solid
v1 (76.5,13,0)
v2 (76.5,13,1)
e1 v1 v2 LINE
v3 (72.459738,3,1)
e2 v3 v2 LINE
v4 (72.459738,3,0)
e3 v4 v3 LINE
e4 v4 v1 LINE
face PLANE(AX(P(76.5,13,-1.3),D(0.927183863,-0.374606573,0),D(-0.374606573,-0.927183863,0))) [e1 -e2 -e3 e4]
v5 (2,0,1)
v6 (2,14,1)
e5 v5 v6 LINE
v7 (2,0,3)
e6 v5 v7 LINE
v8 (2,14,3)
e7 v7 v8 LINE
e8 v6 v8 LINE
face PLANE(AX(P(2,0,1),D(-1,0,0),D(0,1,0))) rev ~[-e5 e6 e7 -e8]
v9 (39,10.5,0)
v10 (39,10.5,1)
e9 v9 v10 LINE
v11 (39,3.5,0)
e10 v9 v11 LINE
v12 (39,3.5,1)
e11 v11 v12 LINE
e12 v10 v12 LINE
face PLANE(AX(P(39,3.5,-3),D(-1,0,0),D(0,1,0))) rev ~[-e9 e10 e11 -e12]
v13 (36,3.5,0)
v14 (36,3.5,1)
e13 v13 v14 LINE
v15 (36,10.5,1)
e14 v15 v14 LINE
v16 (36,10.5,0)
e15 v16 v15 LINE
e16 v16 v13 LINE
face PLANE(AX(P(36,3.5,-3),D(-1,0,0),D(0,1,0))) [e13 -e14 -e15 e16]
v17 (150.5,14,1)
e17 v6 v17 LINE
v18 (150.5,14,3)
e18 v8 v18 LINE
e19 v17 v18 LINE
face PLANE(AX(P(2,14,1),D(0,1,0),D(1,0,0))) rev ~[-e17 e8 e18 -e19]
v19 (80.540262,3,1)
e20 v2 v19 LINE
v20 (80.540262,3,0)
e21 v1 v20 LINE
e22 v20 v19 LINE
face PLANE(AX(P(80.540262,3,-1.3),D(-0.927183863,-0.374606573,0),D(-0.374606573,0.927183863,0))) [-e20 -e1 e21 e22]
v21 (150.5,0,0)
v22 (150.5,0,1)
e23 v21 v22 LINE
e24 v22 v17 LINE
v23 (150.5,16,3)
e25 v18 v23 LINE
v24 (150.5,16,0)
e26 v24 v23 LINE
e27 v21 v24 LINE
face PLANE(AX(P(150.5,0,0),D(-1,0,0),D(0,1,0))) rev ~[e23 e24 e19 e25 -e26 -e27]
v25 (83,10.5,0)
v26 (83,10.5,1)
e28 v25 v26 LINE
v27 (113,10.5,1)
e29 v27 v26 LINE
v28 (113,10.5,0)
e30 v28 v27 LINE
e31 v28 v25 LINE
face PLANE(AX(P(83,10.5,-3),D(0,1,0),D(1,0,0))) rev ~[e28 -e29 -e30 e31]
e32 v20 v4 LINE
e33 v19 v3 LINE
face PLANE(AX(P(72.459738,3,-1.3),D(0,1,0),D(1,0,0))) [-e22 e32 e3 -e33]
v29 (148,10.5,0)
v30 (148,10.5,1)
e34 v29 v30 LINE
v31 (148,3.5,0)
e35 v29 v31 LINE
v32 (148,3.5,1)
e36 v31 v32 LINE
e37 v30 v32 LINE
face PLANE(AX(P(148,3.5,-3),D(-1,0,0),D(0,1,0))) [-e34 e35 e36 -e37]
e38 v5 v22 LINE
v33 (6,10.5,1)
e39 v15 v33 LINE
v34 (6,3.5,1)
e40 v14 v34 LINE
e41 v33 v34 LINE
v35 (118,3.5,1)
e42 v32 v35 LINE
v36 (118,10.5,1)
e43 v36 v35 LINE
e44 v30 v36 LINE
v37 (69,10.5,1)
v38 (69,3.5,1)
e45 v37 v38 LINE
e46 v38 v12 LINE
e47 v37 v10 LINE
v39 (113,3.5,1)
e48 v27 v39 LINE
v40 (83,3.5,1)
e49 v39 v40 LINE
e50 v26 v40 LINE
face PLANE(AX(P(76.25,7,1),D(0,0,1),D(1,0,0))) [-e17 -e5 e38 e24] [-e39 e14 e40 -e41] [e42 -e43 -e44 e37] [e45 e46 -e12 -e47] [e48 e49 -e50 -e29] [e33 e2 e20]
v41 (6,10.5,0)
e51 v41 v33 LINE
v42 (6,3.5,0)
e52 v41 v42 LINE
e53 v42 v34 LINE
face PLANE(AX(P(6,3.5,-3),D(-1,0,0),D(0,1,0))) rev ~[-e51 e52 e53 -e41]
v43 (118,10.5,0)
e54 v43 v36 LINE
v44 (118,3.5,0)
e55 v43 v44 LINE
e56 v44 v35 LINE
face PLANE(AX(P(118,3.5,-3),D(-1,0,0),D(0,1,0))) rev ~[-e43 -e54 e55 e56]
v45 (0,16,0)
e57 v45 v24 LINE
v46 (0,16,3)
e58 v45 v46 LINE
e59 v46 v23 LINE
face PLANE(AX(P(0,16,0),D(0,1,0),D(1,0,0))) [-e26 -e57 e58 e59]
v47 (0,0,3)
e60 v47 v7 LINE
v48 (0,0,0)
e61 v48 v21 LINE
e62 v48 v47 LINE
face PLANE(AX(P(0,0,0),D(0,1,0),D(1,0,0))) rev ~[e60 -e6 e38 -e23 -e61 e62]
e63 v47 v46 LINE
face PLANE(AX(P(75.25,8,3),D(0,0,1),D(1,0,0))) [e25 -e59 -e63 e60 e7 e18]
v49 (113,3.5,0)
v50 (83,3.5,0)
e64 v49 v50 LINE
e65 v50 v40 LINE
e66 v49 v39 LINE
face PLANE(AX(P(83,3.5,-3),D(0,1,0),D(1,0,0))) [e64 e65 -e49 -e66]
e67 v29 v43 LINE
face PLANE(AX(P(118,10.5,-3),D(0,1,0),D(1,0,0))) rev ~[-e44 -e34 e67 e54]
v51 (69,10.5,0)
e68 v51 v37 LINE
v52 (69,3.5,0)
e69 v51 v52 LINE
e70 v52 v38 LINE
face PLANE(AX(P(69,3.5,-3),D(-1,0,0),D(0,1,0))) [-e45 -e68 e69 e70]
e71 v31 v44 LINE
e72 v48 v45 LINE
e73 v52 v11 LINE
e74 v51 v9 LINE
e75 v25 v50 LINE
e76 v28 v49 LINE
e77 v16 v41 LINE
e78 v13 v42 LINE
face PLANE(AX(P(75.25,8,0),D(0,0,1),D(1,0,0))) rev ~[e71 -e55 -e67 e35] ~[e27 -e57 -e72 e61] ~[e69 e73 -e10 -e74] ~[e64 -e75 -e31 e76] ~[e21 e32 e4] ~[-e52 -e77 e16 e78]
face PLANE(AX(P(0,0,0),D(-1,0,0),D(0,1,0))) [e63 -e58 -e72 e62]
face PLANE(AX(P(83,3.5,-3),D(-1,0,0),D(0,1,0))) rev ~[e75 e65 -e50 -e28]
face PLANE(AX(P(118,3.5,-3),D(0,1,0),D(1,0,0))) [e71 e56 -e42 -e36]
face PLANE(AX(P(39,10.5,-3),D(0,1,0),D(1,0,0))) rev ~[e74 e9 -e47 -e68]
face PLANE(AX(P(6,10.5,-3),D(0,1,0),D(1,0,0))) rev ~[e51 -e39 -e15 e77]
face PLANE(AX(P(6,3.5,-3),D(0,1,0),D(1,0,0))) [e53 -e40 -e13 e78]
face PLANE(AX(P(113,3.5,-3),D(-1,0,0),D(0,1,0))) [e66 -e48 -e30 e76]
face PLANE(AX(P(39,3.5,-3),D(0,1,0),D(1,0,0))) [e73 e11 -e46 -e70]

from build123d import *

# Parameters (mm, degrees)
BOX020_W      = 30
BOX020_H      = 7
BOX020_DEPTH  = 10
BOX027_W      = 30
BOX027_H      = 7
BOX027_DEPTH  = 10
BOX028_W      = 30
BOX028_H      = 7
BOX028_DEPTH  = 10
BOX026_W      = 30
BOX026_H      = 7
BOX026_DEPTH  = 10
EXTRUDE_DEPTH = 4
BOX019_W      = 148.5
BOX019_H      = 14
BOX019_DEPTH  = 2
BOX014_W      = 150.5
BOX014_H      = 16
BOX014_DEPTH  = 3


with BuildPart() as cube020:
    # Box020 → Box020 (new body)
    with BuildSketch(Plane(origin=(6, 3.5, -3), x_dir=(1, 0, 0), z_dir=(0, 0, 1))):
        with Locations((15, 3.5)):
            Rectangle(BOX020_W, BOX020_H)
    extrude(amount=BOX020_DEPTH)


with BuildPart() as cube027:
    # Box027 → Box027 (new body)
    with BuildSketch(Plane(origin=(83, 3.5, -3), x_dir=(1, 0, 0), z_dir=(0, 0, 1))):
        with Locations((15, 3.5)):
            Rectangle(BOX027_W, BOX027_H)
    extrude(amount=BOX027_DEPTH)


with BuildPart() as cube028:
    # Box028 → Box028 (new body)
    with BuildSketch(Plane(origin=(118, 3.5, -3), x_dir=(1, 0, 0), z_dir=(0, 0, 1))):
        with Locations((15, 3.5)):
            Rectangle(BOX028_W, BOX028_H)
    extrude(amount=BOX028_DEPTH)


with BuildPart() as cube026:
    # Box026 → Box026 (new body)
    with BuildSketch(Plane(origin=(39, 3.5, -3), x_dir=(1, 0, 0), z_dir=(0, 0, 1))):
        with Locations((15, 3.5)):
            Rectangle(BOX026_W, BOX026_H)
    extrude(amount=BOX026_DEPTH)


with BuildPart() as extrude_body:
    # Sketch (on Face7 of Cut009) → Extrude (new body)
    with BuildSketch(Plane.XY.offset(1)):
        Polygon((76.5, 12), (72.459738, 2), (80.540262, 2), align=None)
    extrude(amount=EXTRUDE_DEPTH)


with BuildPart() as extrude_body_1:
    # Extrude placement: moved
    add(extrude_body.part.moved(Location((0, 1, -2.3))))


with BuildPart() as cube019:
    # Box019 → Box019 (new body)
    with BuildSketch(Plane(origin=(2, 0, 1), x_dir=(1, 0, 0), z_dir=(0, 0, 1))):
        with Locations((74.25, 7)):
            Rectangle(BOX019_W, BOX019_H)
    extrude(amount=BOX019_DEPTH)


with BuildPart() as marcador_cortes:
    # Box014 → Box014 (new body)
    with BuildSketch(Plane.XY):
        with Locations((75.25, 8)):
            Rectangle(BOX014_W, BOX014_H)
    extrude(amount=BOX014_DEPTH)

    # Cut009: cut Cube019
    add(cube019.part, mode=Mode.SUBTRACT)

    # Cut010: cut Extrude body
    add(extrude_body_1.part, mode=Mode.SUBTRACT)

    # Cut011: cut Cube026
    add(cube026.part, mode=Mode.SUBTRACT)

    # Cut012: cut Cube028
    add(cube028.part, mode=Mode.SUBTRACT)

    # Cut013: cut Cube027
    add(cube027.part, mode=Mode.SUBTRACT)

    # Cut014: cut Cube020
    add(cube020.part, mode=Mode.SUBTRACT)


solid = marcador_cortes.part
